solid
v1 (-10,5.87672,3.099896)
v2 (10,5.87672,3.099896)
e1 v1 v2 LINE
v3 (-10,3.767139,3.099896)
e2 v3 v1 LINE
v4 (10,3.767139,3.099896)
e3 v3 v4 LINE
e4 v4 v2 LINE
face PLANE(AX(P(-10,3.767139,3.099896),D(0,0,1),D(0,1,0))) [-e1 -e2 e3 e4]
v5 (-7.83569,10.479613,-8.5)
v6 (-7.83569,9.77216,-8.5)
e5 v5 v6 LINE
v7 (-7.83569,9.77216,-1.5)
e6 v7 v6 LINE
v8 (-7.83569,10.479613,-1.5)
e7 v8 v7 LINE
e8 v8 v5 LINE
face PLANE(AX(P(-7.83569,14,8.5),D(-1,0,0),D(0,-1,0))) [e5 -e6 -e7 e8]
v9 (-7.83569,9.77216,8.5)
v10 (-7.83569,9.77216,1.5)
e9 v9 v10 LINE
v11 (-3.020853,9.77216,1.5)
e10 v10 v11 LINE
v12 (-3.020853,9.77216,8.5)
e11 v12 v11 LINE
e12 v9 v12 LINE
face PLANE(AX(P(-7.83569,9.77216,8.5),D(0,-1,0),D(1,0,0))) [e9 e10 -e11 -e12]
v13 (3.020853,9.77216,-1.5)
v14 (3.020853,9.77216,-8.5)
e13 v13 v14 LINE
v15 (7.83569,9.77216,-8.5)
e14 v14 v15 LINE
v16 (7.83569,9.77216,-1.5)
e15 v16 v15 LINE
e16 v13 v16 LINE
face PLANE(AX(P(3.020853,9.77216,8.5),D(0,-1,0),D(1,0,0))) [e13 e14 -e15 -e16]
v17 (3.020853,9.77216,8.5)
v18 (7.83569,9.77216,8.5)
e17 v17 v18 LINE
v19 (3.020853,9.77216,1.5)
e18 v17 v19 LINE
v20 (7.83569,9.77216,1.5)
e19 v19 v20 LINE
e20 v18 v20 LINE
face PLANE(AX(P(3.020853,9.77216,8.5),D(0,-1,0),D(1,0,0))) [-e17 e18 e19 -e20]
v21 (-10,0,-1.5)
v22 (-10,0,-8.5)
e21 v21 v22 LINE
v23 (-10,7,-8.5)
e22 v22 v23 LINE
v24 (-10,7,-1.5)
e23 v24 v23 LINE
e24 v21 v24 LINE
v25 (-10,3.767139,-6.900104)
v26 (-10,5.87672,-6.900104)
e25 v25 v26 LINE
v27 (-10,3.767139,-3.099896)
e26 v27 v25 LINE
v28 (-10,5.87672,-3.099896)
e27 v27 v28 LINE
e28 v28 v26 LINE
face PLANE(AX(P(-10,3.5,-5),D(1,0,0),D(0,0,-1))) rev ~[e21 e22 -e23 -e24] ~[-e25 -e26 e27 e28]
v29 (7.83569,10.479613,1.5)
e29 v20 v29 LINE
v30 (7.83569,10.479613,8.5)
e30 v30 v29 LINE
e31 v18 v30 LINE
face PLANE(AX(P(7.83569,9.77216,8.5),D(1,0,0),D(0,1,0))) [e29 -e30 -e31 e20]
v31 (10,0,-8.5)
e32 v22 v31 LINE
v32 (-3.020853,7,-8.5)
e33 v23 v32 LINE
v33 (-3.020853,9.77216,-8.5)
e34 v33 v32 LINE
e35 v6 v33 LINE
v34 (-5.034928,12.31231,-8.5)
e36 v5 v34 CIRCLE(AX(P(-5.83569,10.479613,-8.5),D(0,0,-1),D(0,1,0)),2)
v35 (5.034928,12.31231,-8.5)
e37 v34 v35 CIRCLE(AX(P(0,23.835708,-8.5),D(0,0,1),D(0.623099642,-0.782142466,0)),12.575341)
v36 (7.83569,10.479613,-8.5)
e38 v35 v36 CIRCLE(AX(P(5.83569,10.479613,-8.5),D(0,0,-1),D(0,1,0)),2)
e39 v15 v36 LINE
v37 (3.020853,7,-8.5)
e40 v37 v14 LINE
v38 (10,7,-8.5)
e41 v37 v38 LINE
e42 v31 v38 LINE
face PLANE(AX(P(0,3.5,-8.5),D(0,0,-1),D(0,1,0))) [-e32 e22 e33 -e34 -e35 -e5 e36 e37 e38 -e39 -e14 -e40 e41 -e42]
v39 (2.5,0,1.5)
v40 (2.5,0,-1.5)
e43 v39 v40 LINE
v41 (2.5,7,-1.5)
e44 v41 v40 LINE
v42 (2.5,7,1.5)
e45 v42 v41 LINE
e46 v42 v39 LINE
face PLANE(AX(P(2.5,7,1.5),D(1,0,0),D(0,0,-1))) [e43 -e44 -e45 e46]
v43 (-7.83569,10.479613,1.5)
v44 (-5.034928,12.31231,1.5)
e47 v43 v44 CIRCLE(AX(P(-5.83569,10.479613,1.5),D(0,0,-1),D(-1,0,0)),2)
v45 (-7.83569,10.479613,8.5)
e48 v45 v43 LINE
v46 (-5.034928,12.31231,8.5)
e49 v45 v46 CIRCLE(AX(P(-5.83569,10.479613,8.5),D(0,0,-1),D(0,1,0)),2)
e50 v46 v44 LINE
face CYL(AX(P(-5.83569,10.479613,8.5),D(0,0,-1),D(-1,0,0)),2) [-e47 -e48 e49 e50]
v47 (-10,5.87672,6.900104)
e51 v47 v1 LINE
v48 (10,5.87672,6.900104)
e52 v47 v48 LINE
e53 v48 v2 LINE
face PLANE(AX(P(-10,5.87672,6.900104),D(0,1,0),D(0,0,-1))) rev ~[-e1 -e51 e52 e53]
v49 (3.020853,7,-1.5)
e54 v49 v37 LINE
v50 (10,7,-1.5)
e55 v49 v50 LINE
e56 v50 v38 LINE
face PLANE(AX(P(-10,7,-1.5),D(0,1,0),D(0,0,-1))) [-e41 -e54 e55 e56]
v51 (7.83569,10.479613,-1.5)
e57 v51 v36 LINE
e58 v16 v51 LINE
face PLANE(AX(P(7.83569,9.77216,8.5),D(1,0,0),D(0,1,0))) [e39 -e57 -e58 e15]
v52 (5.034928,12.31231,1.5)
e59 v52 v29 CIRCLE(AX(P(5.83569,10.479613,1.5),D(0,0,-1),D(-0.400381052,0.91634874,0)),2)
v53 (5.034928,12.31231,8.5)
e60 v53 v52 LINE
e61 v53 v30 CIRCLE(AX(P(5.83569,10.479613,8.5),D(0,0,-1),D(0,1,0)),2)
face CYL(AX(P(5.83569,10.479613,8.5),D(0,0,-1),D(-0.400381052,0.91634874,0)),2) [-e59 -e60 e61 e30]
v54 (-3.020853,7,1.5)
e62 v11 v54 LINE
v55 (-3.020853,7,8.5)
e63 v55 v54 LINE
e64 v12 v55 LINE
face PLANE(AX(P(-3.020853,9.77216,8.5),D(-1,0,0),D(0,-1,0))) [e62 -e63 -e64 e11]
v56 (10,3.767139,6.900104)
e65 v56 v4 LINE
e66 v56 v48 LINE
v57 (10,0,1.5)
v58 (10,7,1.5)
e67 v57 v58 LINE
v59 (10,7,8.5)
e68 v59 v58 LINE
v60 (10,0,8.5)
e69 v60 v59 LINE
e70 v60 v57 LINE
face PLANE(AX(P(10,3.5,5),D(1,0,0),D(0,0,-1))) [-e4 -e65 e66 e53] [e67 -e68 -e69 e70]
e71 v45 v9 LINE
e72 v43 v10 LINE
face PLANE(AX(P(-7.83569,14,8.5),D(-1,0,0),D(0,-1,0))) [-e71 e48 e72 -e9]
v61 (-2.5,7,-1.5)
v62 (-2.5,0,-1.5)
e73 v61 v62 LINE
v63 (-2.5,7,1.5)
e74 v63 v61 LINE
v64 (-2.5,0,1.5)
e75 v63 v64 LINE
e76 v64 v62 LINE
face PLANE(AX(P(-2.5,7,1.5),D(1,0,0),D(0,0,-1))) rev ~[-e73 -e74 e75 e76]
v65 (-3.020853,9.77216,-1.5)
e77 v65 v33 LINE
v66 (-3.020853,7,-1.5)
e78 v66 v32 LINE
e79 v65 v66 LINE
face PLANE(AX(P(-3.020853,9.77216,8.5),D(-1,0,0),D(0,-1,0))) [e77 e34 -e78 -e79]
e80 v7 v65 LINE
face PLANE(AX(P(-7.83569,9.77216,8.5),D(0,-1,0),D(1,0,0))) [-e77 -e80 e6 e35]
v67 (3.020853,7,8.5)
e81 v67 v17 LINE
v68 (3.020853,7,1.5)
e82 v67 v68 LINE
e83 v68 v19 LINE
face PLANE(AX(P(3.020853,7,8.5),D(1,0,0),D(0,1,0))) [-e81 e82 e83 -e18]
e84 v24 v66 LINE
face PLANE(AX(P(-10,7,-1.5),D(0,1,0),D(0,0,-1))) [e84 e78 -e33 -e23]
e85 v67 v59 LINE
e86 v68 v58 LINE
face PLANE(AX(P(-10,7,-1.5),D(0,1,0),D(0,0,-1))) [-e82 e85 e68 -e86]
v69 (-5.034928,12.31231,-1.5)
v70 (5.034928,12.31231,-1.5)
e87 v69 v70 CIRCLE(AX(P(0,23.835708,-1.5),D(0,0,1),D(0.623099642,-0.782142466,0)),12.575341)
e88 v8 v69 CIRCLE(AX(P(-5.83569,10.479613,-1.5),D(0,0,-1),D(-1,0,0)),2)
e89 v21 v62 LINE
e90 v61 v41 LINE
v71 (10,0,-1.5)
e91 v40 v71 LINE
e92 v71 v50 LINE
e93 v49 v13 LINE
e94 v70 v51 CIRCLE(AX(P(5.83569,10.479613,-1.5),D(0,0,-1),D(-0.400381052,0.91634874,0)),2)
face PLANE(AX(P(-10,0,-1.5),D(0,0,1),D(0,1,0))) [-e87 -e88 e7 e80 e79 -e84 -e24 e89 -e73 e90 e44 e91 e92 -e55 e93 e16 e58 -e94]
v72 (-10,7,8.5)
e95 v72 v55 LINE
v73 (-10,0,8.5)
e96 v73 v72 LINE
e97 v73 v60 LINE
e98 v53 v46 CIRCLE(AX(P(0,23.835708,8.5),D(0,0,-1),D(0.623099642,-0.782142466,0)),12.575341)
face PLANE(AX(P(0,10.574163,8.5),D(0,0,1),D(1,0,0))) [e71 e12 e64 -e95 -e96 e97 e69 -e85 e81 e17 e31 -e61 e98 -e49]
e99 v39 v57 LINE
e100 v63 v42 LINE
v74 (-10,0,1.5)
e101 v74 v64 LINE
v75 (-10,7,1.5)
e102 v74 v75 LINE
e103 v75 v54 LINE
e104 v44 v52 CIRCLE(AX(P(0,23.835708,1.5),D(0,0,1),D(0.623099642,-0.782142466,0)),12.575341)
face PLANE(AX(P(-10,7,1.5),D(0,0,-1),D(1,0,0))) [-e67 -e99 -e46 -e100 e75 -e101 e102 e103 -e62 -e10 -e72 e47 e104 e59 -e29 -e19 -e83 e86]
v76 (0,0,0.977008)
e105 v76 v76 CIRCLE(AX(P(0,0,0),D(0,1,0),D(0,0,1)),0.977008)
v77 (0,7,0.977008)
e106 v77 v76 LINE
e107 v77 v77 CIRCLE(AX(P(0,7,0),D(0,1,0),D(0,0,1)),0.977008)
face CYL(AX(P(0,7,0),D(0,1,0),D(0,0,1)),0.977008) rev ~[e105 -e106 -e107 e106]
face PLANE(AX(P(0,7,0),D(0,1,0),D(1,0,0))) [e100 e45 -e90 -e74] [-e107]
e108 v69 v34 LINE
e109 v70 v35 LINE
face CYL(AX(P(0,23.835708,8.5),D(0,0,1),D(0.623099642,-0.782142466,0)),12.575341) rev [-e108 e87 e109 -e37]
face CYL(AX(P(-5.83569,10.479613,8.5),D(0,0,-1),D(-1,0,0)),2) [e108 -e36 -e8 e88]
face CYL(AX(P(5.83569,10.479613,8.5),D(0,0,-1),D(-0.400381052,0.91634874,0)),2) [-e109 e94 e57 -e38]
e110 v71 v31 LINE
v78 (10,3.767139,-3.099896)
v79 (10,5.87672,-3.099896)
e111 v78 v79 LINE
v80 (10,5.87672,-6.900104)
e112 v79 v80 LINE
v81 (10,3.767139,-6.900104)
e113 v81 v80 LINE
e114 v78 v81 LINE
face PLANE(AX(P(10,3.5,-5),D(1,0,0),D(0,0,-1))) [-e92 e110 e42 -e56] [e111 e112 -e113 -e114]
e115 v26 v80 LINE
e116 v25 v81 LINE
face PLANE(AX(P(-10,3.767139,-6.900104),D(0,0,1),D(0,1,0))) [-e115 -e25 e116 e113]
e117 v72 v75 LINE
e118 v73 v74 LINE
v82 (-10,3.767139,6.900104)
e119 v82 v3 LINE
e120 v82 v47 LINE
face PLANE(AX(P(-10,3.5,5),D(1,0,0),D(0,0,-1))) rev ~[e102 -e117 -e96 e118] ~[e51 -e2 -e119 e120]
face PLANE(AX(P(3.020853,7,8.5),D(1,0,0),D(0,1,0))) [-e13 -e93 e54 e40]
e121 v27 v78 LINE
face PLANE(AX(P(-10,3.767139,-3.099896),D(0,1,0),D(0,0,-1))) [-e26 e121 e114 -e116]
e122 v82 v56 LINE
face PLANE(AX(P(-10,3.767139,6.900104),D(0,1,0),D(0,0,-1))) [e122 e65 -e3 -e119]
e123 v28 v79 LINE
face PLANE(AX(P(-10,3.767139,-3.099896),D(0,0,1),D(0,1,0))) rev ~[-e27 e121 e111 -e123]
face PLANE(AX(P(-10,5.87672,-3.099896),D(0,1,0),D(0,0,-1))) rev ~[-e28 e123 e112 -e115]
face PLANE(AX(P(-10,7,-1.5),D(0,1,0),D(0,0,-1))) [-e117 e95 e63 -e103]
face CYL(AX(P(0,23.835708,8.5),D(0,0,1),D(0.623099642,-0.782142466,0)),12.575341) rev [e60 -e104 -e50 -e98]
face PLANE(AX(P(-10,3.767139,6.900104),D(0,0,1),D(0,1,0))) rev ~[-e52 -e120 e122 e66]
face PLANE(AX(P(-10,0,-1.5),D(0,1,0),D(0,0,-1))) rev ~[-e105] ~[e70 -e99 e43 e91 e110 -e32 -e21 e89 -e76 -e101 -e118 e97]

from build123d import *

# Parameters (mm, degrees)
EXTRUDE_1_DEPTH        = 10
EXTRUDE_1_DEPTH_BACK   = 10
SKETCH_1_W             = 7
SKETCH_1_H             = 7
SKETCH_1_W_2           = 3.80020837
SKETCH_1_H_2           = 2.109580793
EXTRUDE_1_2_DEPTH      = 10
EXTRUDE_1_2_DEPTH_BACK = 10
SKETCH_2_W             = 5
SKETCH_2_H             = 3
SKETCH_2_R             = 0.977008115
EXTRUDE_2_DEPTH        = 7
EXTRUDE_3_REACH        = 22.928
FILLET_1_R             = 2
SKETCH_4_W             = 20
SKETCH_4_H             = 3
CUT_EXTRUDE_2_DEPTH    = 20


with BuildPart() as part:
    # 草图1 → 凸台-拉伸1 (new, two sides: drawn at the far end of the back side and taken through both)
    with BuildSketch(Plane(origin=(0, 0, 0), x_dir=(0, 0, -1), z_dir=(1, 0, 0)).offset(-EXTRUDE_1_DEPTH_BACK)):
        with Locations((-5, 3.5)):
            Rectangle(SKETCH_1_W, SKETCH_1_H)
        with Locations((-5, 4.821929683)):
            Rectangle(SKETCH_1_W_2, SKETCH_1_H_2, mode=Mode.SUBTRACT)
    extrude(amount=EXTRUDE_1_DEPTH + EXTRUDE_1_DEPTH_BACK)



with BuildPart() as body_2:
    # 草图1 → Extrude 1 2 (new, two sides: drawn at the far end of the back side and taken through both)
    with BuildSketch(Plane(origin=(0, 0, 0), x_dir=(0, 0, -1), z_dir=(1, 0, 0)).offset(-EXTRUDE_1_2_DEPTH_BACK)):
        with Locations((5, 3.5)):
            Rectangle(SKETCH_1_W, SKETCH_1_H)
        with Locations((5, 4.821929683)):
            Rectangle(SKETCH_1_W_2, SKETCH_1_H_2, mode=Mode.SUBTRACT)
    extrude(amount=EXTRUDE_1_2_DEPTH + EXTRUDE_1_2_DEPTH_BACK)


with BuildPart() as part_1:
    add(part.part)

    add(body_2.part)  # 凸台-拉伸2 merges body 2
    # 草图2 → 凸台-拉伸2 (add)
    with BuildSketch(Plane(origin=(0, 7, 0), x_dir=(1, 0, 0), z_dir=(0, 1, 0))):
        Rectangle(SKETCH_2_W, SKETCH_2_H)
        with Locations(Location((0, 0, 0), (0, 0, 270))):
            Circle(SKETCH_2_R, mode=Mode.SUBTRACT)
    extrude(amount=-EXTRUDE_2_DEPTH)

    # 凸台-拉伸3: up to this face of the body (flat: up to its plane)
    extrude_3_end = Plane(part_1.part.faces().sort_by_distance((0, 3.5, -8.5))[0])
    # 草图3 → 凸台-拉伸3 (add, up to the picked face)
    with BuildSketch(Plane.XY.offset(8.5), mode=Mode.PRIVATE) as extrude_3_sk1:
        with BuildLine():
            Line((-7.835690173, 14), (-7.835690173, 9.772160356))
            Line((-7.835690173, 9.772160356), (-3.020853064, 9.772160356))
            Line((-3.020853064, 9.772160356), (-3.020853064, 7))
            Line((-3.020853064, 7), (3.020853064, 7))
            Line((3.020853064, 7), (3.020853064, 9.772160356))
            Line((3.020853064, 9.772160356), (7.835690173, 9.772160356))
            Line((7.835690173, 9.772160356), (7.835690173, 14))
            ThreePointArc((7.835690173, 14), (0, 11.260367321), (-7.835690173, 14))
        make_face()
    extrude_3_tool1 = split(extrude(extrude_3_sk1.sketch, amount=-EXTRUDE_3_REACH, mode=Mode.PRIVATE), bisect_by=extrude_3_end, keep=Keep.BOTH, mode=Mode.PRIVATE)
    add(extrude_3_tool1.solids().sort_by(Axis((0, 10.244558, 8.5), (0, 0, -1)))[0])

    # 圆角1
    fillet_1_edges = [part_1.edges().sort_by_distance(p)[0] for p in [
        (7.835690173, 14, 0),
        (-7.835690173, 14, 0),
    ]]
    fillet(fillet_1_edges, radius=FILLET_1_R)

    # 草图4 → 切除-拉伸2 (cut)
    with BuildSketch(Plane(origin=(0, 7, 0), x_dir=(1, 0, 0), z_dir=(0, 1, 0))):
        Rectangle(SKETCH_4_W, SKETCH_4_H)
    extrude(amount=CUT_EXTRUDE_2_DEPTH, mode=Mode.SUBTRACT)


solid = part_1.part
